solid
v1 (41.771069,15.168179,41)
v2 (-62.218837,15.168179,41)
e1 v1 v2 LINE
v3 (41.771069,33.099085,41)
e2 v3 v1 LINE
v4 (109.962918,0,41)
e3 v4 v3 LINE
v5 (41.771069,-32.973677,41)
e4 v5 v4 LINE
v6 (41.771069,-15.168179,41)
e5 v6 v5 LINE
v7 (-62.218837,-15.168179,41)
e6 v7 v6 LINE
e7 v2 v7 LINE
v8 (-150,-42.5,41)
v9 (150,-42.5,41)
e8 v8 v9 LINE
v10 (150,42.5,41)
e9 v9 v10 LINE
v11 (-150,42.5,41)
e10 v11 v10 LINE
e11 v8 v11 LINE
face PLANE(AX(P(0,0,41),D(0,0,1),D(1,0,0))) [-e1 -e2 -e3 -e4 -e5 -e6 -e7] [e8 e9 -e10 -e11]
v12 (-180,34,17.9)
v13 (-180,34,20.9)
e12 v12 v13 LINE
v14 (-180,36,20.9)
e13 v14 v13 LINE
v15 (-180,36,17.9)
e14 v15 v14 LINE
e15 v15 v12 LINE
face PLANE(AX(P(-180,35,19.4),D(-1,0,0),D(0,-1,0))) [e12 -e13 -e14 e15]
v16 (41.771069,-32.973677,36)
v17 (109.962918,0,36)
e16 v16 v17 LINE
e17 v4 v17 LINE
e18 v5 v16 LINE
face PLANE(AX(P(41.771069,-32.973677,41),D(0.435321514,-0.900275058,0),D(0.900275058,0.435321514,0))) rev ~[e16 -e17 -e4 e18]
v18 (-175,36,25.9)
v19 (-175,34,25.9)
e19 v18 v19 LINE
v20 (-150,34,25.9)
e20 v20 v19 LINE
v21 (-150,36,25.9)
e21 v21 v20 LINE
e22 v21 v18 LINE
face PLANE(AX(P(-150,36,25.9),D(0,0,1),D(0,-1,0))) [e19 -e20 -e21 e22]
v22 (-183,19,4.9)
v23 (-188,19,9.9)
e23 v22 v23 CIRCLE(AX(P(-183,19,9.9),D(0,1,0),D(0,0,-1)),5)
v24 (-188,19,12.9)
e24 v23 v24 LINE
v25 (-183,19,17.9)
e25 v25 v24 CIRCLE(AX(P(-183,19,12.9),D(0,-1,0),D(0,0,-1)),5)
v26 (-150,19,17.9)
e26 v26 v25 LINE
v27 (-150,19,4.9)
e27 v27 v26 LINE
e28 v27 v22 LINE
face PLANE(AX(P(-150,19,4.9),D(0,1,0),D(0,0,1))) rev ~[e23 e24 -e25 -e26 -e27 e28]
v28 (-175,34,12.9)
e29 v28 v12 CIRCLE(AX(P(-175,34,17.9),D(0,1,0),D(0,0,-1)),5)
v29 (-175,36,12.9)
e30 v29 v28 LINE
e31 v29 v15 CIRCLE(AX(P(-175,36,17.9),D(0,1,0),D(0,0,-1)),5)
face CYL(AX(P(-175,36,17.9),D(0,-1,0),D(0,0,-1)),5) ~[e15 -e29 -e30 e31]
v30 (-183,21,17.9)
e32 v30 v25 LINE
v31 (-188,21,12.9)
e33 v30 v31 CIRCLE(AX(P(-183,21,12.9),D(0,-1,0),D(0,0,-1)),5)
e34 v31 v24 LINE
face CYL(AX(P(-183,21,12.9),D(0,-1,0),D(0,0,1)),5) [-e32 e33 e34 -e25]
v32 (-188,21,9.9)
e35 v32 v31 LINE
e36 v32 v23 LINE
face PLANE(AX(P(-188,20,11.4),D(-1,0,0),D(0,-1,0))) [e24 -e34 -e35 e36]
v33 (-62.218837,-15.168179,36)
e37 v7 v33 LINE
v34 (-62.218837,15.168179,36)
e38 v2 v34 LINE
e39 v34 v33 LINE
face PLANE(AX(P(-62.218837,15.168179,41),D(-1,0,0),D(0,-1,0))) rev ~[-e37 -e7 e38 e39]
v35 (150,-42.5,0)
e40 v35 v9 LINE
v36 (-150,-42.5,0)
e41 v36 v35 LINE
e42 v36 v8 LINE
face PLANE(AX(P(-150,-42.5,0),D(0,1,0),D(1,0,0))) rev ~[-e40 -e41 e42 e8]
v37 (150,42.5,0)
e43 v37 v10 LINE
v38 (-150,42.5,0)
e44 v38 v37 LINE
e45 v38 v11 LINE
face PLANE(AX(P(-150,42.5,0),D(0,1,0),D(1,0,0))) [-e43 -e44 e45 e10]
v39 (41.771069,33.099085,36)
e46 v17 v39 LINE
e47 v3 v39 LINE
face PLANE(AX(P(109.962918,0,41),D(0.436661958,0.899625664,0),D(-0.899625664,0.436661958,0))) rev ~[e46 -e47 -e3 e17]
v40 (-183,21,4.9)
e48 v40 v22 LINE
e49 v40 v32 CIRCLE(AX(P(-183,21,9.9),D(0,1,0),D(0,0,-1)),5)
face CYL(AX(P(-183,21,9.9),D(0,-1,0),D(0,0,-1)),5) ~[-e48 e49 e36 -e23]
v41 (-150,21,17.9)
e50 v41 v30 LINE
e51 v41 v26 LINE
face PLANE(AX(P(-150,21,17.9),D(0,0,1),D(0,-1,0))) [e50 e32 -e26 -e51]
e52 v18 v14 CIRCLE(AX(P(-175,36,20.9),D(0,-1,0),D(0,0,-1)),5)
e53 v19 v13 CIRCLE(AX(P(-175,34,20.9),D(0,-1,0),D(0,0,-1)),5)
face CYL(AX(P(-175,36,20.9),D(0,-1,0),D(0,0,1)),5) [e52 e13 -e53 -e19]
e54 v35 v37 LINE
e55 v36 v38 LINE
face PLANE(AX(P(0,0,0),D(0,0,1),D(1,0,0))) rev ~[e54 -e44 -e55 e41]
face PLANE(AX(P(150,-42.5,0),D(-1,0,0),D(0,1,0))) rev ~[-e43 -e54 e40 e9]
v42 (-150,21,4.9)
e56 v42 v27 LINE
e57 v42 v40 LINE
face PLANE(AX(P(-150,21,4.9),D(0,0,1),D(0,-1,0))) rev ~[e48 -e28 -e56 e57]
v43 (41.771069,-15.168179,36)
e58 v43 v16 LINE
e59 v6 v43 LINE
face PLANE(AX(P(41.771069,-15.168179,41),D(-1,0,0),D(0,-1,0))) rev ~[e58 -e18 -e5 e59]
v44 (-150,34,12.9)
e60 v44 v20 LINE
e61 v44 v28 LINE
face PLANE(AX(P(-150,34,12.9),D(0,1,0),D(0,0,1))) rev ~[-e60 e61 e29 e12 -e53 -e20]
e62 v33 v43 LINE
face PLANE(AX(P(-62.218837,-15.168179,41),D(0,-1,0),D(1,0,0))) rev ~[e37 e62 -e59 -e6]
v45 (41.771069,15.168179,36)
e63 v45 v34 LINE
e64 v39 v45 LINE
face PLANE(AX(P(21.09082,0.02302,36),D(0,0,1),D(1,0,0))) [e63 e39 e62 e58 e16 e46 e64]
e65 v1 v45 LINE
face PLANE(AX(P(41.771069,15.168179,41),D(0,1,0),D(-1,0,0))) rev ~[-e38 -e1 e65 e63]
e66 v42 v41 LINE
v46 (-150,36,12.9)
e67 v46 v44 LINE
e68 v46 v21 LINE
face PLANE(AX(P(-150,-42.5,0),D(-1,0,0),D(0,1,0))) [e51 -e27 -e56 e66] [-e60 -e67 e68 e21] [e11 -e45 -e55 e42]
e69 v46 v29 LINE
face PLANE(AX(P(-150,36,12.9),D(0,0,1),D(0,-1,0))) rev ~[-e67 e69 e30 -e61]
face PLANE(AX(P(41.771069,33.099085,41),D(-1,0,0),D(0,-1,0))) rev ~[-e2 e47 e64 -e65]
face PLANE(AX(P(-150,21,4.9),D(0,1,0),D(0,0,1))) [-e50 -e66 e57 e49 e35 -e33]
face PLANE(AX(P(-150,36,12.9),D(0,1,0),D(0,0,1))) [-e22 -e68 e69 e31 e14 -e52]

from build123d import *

# Parameters (mm, degrees)
F0_W     = 300
F0_H     = 85
F1_DEPTH = 41
F3_W     = 2
F3_H     = 13
F4_DEPTH = 38
F2_W     = 2
F2_H     = 13
F5_DEPTH = 30
F6_R     = 5
F7_R     = 5
F9_DEPTH = 5


with BuildPart() as f1:
    # F0 (on Top) → F1 (new body)
    with BuildSketch(Plane.XY):
        Rectangle(F0_W, F0_H)
    extrude(amount=F1_DEPTH)

    # F3 (on face) → F4 (join)
    with BuildSketch(Plane(origin=(-150, 0, 0), x_dir=(0, -1, 0), z_dir=(-1, 0, 0))):
        with Locations((-20, 11.4)):
            Rectangle(F3_W, F3_H)
    extrude(amount=F4_DEPTH)

    # F2 (on face) → F5 (join)
    with BuildSketch(Plane(origin=(-150, 0, 0), x_dir=(0, -1, 0), z_dir=(-1, 0, 0))):
        with Locations((-35, 19.4)):
            Rectangle(F2_W, F2_H)
    extrude(amount=F5_DEPTH)

    # F6
    f6_edges = [f1.edges().sort_by_distance(p)[0] for p in [
        (-180, 35, 25.9),
        (-180, 35, 12.9),
    ]]
    fillet(f6_edges, radius=F6_R)

    # F7
    f7_edges = [f1.edges().sort_by_distance(p)[0] for p in [
        (-188, 20, 17.9),
        (-188, 20, 4.9),
    ]]
    fillet(f7_edges, radius=F7_R)

    # F8 (on face) → F9 (cut)
    with BuildSketch(Plane.XY.offset(41)):
        Polygon((-62.218837, -15.168179), (41.771069, -15.168179), (41.771069, -32.973677), (109.962918, 0), (41.771069, 33.099085), (41.771069, 15.168179), (-62.218837, 15.168179), align=None)
    extrude(amount=-F9_DEPTH, mode=Mode.SUBTRACT)


solid = f1.part
